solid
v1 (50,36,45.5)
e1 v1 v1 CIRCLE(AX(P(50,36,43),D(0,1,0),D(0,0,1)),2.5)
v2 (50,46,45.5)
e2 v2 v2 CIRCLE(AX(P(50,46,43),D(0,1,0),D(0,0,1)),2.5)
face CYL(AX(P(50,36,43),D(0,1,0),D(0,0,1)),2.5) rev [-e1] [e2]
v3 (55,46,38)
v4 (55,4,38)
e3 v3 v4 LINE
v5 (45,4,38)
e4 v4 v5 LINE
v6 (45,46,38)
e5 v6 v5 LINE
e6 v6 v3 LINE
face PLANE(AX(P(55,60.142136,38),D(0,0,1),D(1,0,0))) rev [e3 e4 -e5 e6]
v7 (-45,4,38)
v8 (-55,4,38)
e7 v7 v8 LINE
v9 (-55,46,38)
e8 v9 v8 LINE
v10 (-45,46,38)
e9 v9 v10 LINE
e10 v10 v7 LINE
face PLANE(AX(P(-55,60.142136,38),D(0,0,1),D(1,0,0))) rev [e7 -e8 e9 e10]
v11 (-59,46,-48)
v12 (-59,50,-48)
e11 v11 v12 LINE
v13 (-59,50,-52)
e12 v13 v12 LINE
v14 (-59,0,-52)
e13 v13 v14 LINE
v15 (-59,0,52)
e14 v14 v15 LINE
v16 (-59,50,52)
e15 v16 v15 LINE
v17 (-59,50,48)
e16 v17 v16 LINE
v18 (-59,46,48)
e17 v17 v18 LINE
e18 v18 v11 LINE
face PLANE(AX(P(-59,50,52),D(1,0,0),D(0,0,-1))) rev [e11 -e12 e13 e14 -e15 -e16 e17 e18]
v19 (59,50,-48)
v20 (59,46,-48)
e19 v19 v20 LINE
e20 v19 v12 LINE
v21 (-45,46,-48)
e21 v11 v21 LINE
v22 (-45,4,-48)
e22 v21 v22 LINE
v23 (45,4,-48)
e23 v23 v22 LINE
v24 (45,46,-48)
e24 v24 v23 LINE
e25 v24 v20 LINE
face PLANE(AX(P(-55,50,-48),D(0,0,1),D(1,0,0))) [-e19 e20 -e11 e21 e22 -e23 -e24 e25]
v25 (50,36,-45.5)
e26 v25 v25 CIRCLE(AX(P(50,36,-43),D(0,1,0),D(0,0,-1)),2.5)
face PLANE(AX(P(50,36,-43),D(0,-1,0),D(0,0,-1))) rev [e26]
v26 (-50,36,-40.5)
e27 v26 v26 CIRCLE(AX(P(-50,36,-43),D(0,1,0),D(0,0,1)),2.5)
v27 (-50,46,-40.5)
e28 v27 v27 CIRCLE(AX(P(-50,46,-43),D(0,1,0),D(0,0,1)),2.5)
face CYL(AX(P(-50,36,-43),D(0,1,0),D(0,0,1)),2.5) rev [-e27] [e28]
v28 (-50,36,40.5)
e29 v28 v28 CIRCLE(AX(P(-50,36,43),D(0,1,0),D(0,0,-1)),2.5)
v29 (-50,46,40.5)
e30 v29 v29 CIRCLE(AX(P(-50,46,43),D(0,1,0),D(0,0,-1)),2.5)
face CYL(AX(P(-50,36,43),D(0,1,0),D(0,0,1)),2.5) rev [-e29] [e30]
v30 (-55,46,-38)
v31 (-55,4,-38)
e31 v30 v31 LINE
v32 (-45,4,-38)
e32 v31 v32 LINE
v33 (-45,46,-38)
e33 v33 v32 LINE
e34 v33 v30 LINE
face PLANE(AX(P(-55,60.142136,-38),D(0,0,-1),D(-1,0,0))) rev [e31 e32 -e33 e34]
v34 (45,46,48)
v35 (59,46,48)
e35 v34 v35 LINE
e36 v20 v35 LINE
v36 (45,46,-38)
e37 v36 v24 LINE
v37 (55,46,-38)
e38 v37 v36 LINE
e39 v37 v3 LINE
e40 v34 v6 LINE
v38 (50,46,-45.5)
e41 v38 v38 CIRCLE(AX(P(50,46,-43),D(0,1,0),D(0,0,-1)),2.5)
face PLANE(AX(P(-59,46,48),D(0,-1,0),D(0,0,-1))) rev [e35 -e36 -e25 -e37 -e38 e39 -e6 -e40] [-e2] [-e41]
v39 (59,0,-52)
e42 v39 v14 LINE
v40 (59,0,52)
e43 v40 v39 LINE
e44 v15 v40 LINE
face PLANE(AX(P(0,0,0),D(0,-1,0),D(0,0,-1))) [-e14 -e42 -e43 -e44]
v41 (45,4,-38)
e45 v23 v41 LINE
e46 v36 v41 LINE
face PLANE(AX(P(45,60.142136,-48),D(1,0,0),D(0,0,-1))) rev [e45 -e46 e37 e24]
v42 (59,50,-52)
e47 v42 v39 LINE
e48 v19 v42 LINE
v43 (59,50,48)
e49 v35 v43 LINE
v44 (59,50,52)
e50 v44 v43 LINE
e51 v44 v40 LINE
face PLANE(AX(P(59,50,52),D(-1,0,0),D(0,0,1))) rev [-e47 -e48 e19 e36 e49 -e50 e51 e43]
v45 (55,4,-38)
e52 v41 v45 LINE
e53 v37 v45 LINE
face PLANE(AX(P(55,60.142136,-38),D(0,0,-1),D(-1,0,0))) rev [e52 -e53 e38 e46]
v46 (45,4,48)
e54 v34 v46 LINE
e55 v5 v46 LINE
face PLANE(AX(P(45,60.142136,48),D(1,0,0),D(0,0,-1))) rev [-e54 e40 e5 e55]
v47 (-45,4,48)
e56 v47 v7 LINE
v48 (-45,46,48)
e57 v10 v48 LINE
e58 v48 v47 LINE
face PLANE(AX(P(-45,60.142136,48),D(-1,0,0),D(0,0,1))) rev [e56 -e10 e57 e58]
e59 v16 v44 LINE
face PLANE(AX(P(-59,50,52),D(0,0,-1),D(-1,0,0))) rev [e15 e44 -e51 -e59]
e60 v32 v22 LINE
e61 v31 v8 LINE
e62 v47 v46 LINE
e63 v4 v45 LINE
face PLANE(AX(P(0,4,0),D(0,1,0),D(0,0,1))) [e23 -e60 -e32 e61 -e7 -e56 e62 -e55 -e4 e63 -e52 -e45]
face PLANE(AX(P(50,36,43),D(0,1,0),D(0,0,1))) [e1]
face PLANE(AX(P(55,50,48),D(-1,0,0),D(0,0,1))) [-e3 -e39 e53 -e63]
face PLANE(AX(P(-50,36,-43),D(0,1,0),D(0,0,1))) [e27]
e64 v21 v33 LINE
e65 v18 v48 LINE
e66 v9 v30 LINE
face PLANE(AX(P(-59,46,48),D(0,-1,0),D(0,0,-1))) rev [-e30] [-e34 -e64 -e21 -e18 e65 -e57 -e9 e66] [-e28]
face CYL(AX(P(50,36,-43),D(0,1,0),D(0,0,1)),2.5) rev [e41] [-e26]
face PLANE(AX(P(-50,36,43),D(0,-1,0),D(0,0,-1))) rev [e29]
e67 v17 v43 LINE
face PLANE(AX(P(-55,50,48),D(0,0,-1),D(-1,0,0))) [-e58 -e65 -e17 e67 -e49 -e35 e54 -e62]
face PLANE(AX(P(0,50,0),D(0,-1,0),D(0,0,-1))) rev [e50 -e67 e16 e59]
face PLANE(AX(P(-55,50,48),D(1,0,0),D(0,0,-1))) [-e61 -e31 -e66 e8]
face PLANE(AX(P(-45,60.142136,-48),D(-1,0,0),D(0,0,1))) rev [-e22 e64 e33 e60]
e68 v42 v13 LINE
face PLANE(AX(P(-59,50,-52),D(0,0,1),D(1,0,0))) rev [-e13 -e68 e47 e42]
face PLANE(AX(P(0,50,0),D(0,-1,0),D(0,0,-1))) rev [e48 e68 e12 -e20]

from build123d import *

# Parameters (mm, degrees)
SKETCH1_W               = 118
SKETCH1_H               = 104
SKETCH1_W_2             = 110
SKETCH1_H_2             = 96
BOSS_EXTRUDE1_DEPTH     = 50
SKETCH1_2_W             = 118
SKETCH1_2_H             = 104
BOSS_EXTRUDE2_DEPTH     = 4
SKETCH2_W               = 96
SKETCH2_H               = 4
CUT_EXTRUDE1_DEPTH      = 1
CUT_EXTRUDE1_DEPTH_BACK = 119
SKETCH3_W               = 10
SKETCH3_H               = 10
BOSS_EXTRUDE3_DEPTH     = 42
SKETCH4_R               = 2.5
CUT_EXTRUDE2_DEPTH      = 10


with BuildPart() as part:
    # Sketch1 → Boss-Extrude1 (new body)
    with BuildSketch(Plane(origin=(0, 0, 0), x_dir=(1, 0, 0), z_dir=(0, 1, 0))):
        Rectangle(SKETCH1_W, SKETCH1_H)
        Rectangle(SKETCH1_W_2, SKETCH1_H_2, mode=Mode.SUBTRACT)
    extrude(amount=BOSS_EXTRUDE1_DEPTH)

    # Sketch1<2> → Boss-Extrude2 (add)
    with BuildSketch(Plane(origin=(0, 0, 0), x_dir=(1, 0, 0), z_dir=(0, 1, 0))):
        Rectangle(SKETCH1_2_W, SKETCH1_2_H)
    extrude(amount=BOSS_EXTRUDE2_DEPTH)

    # Sketch2 → Cut-Extrude1 (cut, two sides)
    with BuildSketch(Plane(origin=(59, 0, 0), x_dir=(0, 0, -1), z_dir=(1, 0, 0))) as cut_extrude1_sk:
        with Locations((0, 48)):
            Rectangle(SKETCH2_W, SKETCH2_H)
    extrude(amount=CUT_EXTRUDE1_DEPTH, mode=Mode.SUBTRACT)
    extrude(cut_extrude1_sk.sketch, amount=-CUT_EXTRUDE1_DEPTH_BACK, mode=Mode.SUBTRACT)

    # Sketch3 → Boss-Extrude3 (add)
    with BuildSketch(Plane(origin=(0, 4, 0), x_dir=(1, 0, 0), z_dir=(0, 1, 0))):
        with Locations((-50, 43)):
            Rectangle(SKETCH3_W, SKETCH3_H)
        with Locations((-50, -43)):
            Rectangle(SKETCH3_W, SKETCH3_H)
        with Locations((50, -43)):
            Rectangle(SKETCH3_W, SKETCH3_H)
        with Locations((50, 43)):
            Rectangle(SKETCH3_W, SKETCH3_H)
    extrude(amount=BOSS_EXTRUDE3_DEPTH)

    # Sketch4 → Cut-Extrude2 (cut)
    with BuildSketch(Plane(origin=(0, 46, 0), x_dir=(1, 0, 0), z_dir=(0, 1, 0))):
        with Locations((-50, 43)):
            Circle(SKETCH4_R)
        with Locations((50, 43)):
            Circle(SKETCH4_R)
        with Locations((50, -43)):
            Circle(SKETCH4_R)
        with Locations((-50, -43)):
            Circle(SKETCH4_R)
    extrude(amount=-CUT_EXTRUDE2_DEPTH, mode=Mode.SUBTRACT)


solid = part.part
